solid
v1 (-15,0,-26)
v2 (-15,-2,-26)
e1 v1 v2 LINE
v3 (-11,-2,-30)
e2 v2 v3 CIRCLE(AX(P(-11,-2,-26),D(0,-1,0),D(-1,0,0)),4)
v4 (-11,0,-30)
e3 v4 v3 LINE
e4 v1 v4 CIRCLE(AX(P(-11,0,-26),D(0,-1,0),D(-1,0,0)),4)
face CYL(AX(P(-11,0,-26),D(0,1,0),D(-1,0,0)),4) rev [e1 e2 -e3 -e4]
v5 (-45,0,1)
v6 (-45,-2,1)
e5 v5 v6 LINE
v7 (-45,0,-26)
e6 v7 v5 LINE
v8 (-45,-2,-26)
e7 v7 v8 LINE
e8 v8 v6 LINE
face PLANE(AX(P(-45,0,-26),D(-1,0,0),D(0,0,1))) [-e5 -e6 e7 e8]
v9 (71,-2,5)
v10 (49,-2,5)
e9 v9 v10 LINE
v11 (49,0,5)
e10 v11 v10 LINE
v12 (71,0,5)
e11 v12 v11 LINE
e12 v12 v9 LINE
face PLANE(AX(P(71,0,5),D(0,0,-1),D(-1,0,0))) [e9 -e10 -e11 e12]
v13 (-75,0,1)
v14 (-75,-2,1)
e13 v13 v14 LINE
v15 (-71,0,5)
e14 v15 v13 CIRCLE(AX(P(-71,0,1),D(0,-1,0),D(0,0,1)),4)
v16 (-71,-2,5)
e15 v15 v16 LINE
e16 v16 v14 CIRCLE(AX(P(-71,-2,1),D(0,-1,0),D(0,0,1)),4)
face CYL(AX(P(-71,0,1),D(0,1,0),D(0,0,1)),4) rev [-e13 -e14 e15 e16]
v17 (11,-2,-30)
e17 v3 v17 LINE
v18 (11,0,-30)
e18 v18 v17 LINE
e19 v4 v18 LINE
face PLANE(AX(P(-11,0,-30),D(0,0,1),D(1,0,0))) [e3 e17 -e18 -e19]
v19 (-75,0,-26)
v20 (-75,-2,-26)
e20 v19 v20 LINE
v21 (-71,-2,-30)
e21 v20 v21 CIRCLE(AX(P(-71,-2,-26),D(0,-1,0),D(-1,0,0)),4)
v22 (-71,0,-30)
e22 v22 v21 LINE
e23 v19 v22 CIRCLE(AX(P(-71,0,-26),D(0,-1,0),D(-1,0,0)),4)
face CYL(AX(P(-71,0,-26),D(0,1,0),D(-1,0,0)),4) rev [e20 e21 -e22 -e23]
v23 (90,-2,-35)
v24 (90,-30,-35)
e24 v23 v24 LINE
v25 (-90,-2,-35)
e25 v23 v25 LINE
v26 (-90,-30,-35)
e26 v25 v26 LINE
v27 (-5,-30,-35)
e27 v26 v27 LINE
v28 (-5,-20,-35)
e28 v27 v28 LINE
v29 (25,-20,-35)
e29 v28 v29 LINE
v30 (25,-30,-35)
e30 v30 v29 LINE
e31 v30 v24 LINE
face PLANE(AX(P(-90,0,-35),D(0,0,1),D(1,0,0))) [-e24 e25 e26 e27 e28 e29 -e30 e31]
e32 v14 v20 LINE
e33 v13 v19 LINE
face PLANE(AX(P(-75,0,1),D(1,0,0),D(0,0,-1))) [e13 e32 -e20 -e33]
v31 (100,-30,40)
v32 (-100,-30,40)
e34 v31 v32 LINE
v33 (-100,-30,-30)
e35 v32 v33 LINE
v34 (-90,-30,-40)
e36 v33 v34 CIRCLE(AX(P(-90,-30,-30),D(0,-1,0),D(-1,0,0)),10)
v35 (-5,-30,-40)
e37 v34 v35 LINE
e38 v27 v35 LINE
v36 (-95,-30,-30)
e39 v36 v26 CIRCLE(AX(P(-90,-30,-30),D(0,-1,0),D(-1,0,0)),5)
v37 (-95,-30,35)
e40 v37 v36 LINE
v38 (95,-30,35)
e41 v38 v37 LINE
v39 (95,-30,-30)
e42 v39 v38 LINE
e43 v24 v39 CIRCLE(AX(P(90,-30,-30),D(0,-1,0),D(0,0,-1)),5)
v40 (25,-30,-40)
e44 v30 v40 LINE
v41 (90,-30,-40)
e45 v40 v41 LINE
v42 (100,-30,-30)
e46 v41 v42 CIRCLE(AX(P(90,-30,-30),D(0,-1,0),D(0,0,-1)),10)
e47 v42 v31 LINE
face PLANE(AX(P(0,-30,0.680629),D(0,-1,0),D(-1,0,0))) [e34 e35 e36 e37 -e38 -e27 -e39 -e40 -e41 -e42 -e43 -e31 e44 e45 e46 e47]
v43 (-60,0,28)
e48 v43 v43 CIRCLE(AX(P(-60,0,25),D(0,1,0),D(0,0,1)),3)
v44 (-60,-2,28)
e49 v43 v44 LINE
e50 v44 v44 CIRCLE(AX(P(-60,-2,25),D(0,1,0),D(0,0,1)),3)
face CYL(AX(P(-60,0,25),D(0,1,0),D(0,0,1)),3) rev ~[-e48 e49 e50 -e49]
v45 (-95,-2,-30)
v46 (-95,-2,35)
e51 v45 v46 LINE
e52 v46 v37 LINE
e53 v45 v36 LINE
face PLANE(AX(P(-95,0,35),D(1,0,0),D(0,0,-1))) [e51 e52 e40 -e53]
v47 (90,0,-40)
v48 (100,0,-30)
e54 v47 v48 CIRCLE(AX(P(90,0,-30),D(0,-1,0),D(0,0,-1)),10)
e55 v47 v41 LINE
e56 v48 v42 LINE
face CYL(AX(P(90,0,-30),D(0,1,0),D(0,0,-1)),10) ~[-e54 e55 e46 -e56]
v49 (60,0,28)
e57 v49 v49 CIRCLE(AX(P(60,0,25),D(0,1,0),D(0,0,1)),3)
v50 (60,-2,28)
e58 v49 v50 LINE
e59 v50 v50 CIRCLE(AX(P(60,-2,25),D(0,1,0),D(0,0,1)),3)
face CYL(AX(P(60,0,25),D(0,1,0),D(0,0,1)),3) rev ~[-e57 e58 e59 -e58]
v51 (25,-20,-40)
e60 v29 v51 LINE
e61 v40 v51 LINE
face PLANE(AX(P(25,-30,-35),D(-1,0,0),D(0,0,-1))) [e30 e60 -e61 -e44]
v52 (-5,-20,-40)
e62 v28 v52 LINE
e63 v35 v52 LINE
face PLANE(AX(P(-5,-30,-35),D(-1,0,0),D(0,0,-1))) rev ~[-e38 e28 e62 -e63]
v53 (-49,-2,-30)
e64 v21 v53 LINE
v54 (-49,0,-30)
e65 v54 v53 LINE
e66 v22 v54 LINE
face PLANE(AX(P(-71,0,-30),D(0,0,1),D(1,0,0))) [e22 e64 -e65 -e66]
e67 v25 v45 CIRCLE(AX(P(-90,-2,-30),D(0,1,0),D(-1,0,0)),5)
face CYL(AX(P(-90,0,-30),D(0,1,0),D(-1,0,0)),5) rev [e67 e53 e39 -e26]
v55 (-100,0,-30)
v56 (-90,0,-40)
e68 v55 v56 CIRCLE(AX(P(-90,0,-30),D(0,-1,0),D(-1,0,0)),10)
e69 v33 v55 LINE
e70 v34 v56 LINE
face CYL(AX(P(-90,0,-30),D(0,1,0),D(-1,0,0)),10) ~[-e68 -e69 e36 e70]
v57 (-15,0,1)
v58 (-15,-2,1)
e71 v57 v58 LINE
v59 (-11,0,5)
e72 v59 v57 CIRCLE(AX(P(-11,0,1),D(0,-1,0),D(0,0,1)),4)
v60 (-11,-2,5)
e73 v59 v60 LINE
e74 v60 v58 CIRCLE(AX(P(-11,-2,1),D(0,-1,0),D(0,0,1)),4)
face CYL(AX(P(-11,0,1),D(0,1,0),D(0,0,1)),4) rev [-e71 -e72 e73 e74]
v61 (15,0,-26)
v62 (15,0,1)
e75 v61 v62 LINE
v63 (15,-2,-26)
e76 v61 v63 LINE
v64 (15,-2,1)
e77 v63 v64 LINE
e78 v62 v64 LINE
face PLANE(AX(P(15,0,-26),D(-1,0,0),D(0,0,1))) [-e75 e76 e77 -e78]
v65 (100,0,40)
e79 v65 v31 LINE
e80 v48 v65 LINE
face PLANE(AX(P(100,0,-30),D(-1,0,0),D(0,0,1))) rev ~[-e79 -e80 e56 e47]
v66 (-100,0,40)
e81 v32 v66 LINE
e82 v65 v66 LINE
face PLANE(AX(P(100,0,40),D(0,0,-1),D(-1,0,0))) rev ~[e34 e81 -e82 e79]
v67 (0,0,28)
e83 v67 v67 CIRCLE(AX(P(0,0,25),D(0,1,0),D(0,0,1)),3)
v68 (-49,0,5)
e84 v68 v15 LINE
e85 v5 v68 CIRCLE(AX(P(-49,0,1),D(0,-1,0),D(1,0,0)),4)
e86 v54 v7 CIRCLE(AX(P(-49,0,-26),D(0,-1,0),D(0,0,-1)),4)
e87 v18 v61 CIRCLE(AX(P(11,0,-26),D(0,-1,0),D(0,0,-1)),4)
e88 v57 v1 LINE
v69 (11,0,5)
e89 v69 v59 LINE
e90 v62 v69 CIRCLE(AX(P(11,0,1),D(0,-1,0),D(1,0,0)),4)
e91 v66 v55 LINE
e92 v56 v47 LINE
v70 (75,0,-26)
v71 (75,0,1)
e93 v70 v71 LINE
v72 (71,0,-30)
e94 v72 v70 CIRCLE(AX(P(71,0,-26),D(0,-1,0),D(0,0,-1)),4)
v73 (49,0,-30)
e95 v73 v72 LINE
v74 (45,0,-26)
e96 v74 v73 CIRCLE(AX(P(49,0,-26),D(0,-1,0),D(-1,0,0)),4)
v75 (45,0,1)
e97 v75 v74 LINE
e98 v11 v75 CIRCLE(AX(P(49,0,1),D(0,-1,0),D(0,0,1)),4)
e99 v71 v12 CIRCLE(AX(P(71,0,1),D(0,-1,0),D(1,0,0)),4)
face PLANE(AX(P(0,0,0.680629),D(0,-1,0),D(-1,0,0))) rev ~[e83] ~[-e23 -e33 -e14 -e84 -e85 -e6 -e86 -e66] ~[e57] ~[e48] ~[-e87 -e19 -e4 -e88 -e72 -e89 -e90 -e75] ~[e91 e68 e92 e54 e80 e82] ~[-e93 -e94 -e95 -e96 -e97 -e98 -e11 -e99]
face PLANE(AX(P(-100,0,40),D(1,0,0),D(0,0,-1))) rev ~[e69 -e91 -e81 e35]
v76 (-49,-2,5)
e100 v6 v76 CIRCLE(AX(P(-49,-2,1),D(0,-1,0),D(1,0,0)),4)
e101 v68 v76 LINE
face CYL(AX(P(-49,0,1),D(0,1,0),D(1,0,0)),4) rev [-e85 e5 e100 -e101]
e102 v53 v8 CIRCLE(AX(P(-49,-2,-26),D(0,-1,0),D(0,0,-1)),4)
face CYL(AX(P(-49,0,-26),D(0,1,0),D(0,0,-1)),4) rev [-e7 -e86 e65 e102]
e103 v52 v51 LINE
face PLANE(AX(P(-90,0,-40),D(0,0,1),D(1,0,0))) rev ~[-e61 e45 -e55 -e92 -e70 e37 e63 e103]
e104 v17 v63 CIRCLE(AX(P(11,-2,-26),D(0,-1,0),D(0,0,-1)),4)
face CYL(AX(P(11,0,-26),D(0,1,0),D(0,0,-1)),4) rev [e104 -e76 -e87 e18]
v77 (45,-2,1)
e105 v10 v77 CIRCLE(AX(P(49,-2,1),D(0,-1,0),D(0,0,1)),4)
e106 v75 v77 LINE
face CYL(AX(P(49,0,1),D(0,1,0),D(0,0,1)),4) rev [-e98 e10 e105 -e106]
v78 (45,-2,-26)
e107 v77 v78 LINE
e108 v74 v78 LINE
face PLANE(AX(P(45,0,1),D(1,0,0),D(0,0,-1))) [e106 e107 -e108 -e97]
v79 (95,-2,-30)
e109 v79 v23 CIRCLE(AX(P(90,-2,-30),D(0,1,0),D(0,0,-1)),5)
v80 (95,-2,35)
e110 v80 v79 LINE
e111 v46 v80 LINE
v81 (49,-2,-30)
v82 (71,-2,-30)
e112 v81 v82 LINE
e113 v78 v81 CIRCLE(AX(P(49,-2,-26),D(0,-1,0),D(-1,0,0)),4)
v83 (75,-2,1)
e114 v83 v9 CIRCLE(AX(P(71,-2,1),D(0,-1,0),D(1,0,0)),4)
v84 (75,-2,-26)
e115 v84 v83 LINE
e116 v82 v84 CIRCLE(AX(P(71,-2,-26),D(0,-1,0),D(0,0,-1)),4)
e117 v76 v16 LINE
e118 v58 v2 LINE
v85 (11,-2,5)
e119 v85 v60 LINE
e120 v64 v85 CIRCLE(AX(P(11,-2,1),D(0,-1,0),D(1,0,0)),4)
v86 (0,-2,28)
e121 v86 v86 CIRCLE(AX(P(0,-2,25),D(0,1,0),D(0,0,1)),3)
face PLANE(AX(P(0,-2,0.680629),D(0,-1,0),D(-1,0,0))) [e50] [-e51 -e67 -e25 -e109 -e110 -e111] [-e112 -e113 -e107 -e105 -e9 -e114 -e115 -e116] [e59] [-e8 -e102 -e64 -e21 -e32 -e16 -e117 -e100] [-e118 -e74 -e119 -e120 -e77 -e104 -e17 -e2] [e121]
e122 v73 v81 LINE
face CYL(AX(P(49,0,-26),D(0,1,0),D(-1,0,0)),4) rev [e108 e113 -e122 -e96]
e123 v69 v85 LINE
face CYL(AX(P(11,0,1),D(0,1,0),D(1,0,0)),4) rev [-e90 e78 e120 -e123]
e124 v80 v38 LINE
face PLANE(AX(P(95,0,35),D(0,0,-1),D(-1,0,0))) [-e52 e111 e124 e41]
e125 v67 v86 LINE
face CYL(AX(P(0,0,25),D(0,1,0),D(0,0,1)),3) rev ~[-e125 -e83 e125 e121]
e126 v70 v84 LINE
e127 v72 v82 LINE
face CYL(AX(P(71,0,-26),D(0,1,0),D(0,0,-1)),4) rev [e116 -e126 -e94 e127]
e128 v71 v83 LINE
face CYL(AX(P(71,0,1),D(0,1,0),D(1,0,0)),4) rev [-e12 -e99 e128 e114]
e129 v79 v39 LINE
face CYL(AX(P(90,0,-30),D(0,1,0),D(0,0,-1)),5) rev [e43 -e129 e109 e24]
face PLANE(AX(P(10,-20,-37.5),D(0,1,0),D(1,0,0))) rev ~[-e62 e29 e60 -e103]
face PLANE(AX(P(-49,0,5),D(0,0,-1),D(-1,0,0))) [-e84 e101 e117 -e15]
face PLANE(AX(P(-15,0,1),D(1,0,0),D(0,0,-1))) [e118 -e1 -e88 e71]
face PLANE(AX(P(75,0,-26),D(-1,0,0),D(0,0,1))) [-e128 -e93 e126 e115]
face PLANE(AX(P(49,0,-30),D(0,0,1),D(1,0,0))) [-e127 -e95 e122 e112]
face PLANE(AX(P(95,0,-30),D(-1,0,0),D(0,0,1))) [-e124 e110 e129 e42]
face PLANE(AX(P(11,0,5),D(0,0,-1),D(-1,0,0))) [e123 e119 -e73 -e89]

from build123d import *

# Parameters (mm, degrees)
SKETCH_1131_R          = 3
EXTRUDE_1145_DEPTH     = 2
EXTRUDE_1198_DEPTH     = 30
SKETCH_1301_W          = 30
SKETCH_1301_H          = 5
CUT_EXTRUDE_1405_DEPTH = 10


with BuildPart() as part:
    # Sketch 1131 → Extrude 1145 (new body)
    with BuildSketch(Plane(origin=(0, 0, 0), x_dir=(1, 0, 0), z_dir=(0, 1, 0))):
        with BuildLine():
            Line((-90, 40), (90, 40))
            ThreePointArc((90, 40), (97.071067812, 37.071067812), (100, 30))
            Line((100, 30), (100, -40))
            Line((100, -40), (-100, -40))
            Line((-100, -40), (-100, 30))
            ThreePointArc((-100, 30), (-97.071067812, 37.071067812), (-90, 40))
        make_face()
        with Locations(Location((60, -25, 0), (0, 0, 270))):
            Circle(SKETCH_1131_R, mode=Mode.SUBTRACT)
        with Locations(Location((0, -25, 0), (0, 0, 270))):
            Circle(SKETCH_1131_R, mode=Mode.SUBTRACT)
        with Locations(Location((-60, -25, 0), (0, 0, 270))):
            Circle(SKETCH_1131_R, mode=Mode.SUBTRACT)
        with BuildLine():
            Line((49, 30), (71, 30))
            ThreePointArc((71, 30), (73.828427125, 28.828427125), (75, 26))
            Line((75, 26), (75, -1))
            ThreePointArc((75, -1), (73.828427125, -3.828427125), (71, -5))
            Line((71, -5), (49, -5))
            ThreePointArc((49, -5), (46.171572875, -3.828427125), (45, -1))
            Line((45, -1), (45, 26))
            ThreePointArc((45, 26), (46.171572875, 28.828427125), (49, 30))
        make_face(mode=Mode.SUBTRACT)
        with BuildLine():
            Line((-11, 30), (11, 30))
            ThreePointArc((11, 30), (13.828427125, 28.828427125), (15, 26))
            Line((15, 26), (15, -1))
            ThreePointArc((15, -1), (13.828427125, -3.828427125), (11, -5))
            Line((11, -5), (-11, -5))
            ThreePointArc((-11, -5), (-13.828427125, -3.828427125), (-15, -1))
            Line((-15, -1), (-15, 26))
            ThreePointArc((-15, 26), (-13.828427125, 28.828427125), (-11, 30))
        make_face(mode=Mode.SUBTRACT)
        with BuildLine():
            Line((-71, 30), (-49, 30))
            ThreePointArc((-49, 30), (-46.171572875, 28.828427125), (-45, 26))
            Line((-45, 26), (-45, -1))
            ThreePointArc((-45, -1), (-46.171572875, -3.828427125), (-49, -5))
            Line((-49, -5), (-71, -5))
            ThreePointArc((-71, -5), (-73.828427125, -3.828427125), (-75, -1))
            Line((-75, -1), (-75, 26))
            ThreePointArc((-75, 26), (-73.828427125, 28.828427125), (-71, 30))
        make_face(mode=Mode.SUBTRACT)
    extrude(amount=-EXTRUDE_1145_DEPTH)

    # Sketch 1191 → Extrude 1198 (add)
    with BuildSketch(Plane(origin=(0, 0, 0), x_dir=(1, 0, 0), z_dir=(0, 1, 0))):
        with BuildLine():
            Line((-90, 40), (90, 40))
            ThreePointArc((90, 40), (97.071067812, 37.071067812), (100, 30))
            Line((100, 30), (100, -40))
            Line((100, -40), (-100, -40))
            Line((-100, -40), (-100, 30))
            ThreePointArc((-100, 30), (-97.071067812, 37.071067812), (-90, 40))
        make_face()
        with BuildLine():
            Line((-90, 35), (90, 35))
            ThreePointArc((90, 35), (93.535533906, 33.535533906), (95, 30))
            Line((95, 30), (95, -35))
            Line((95, -35), (-95, -35))
            Line((-95, -35), (-95, 30))
            ThreePointArc((-95, 30), (-93.535533906, 33.535533906), (-90, 35))
        make_face(mode=Mode.SUBTRACT)
    extrude(amount=-EXTRUDE_1198_DEPTH)

    # Sketch 1301 → Cut-Extrude 1405 (cut)
    with BuildSketch(Plane(origin=(0, -30, 0), x_dir=(1, 0, 0), z_dir=(0, 1, 0))):
        with Locations((10, 37.5)):
            Rectangle(SKETCH_1301_W, SKETCH_1301_H)
    extrude(amount=CUT_EXTRUDE_1405_DEPTH, mode=Mode.SUBTRACT)


solid = part.part
